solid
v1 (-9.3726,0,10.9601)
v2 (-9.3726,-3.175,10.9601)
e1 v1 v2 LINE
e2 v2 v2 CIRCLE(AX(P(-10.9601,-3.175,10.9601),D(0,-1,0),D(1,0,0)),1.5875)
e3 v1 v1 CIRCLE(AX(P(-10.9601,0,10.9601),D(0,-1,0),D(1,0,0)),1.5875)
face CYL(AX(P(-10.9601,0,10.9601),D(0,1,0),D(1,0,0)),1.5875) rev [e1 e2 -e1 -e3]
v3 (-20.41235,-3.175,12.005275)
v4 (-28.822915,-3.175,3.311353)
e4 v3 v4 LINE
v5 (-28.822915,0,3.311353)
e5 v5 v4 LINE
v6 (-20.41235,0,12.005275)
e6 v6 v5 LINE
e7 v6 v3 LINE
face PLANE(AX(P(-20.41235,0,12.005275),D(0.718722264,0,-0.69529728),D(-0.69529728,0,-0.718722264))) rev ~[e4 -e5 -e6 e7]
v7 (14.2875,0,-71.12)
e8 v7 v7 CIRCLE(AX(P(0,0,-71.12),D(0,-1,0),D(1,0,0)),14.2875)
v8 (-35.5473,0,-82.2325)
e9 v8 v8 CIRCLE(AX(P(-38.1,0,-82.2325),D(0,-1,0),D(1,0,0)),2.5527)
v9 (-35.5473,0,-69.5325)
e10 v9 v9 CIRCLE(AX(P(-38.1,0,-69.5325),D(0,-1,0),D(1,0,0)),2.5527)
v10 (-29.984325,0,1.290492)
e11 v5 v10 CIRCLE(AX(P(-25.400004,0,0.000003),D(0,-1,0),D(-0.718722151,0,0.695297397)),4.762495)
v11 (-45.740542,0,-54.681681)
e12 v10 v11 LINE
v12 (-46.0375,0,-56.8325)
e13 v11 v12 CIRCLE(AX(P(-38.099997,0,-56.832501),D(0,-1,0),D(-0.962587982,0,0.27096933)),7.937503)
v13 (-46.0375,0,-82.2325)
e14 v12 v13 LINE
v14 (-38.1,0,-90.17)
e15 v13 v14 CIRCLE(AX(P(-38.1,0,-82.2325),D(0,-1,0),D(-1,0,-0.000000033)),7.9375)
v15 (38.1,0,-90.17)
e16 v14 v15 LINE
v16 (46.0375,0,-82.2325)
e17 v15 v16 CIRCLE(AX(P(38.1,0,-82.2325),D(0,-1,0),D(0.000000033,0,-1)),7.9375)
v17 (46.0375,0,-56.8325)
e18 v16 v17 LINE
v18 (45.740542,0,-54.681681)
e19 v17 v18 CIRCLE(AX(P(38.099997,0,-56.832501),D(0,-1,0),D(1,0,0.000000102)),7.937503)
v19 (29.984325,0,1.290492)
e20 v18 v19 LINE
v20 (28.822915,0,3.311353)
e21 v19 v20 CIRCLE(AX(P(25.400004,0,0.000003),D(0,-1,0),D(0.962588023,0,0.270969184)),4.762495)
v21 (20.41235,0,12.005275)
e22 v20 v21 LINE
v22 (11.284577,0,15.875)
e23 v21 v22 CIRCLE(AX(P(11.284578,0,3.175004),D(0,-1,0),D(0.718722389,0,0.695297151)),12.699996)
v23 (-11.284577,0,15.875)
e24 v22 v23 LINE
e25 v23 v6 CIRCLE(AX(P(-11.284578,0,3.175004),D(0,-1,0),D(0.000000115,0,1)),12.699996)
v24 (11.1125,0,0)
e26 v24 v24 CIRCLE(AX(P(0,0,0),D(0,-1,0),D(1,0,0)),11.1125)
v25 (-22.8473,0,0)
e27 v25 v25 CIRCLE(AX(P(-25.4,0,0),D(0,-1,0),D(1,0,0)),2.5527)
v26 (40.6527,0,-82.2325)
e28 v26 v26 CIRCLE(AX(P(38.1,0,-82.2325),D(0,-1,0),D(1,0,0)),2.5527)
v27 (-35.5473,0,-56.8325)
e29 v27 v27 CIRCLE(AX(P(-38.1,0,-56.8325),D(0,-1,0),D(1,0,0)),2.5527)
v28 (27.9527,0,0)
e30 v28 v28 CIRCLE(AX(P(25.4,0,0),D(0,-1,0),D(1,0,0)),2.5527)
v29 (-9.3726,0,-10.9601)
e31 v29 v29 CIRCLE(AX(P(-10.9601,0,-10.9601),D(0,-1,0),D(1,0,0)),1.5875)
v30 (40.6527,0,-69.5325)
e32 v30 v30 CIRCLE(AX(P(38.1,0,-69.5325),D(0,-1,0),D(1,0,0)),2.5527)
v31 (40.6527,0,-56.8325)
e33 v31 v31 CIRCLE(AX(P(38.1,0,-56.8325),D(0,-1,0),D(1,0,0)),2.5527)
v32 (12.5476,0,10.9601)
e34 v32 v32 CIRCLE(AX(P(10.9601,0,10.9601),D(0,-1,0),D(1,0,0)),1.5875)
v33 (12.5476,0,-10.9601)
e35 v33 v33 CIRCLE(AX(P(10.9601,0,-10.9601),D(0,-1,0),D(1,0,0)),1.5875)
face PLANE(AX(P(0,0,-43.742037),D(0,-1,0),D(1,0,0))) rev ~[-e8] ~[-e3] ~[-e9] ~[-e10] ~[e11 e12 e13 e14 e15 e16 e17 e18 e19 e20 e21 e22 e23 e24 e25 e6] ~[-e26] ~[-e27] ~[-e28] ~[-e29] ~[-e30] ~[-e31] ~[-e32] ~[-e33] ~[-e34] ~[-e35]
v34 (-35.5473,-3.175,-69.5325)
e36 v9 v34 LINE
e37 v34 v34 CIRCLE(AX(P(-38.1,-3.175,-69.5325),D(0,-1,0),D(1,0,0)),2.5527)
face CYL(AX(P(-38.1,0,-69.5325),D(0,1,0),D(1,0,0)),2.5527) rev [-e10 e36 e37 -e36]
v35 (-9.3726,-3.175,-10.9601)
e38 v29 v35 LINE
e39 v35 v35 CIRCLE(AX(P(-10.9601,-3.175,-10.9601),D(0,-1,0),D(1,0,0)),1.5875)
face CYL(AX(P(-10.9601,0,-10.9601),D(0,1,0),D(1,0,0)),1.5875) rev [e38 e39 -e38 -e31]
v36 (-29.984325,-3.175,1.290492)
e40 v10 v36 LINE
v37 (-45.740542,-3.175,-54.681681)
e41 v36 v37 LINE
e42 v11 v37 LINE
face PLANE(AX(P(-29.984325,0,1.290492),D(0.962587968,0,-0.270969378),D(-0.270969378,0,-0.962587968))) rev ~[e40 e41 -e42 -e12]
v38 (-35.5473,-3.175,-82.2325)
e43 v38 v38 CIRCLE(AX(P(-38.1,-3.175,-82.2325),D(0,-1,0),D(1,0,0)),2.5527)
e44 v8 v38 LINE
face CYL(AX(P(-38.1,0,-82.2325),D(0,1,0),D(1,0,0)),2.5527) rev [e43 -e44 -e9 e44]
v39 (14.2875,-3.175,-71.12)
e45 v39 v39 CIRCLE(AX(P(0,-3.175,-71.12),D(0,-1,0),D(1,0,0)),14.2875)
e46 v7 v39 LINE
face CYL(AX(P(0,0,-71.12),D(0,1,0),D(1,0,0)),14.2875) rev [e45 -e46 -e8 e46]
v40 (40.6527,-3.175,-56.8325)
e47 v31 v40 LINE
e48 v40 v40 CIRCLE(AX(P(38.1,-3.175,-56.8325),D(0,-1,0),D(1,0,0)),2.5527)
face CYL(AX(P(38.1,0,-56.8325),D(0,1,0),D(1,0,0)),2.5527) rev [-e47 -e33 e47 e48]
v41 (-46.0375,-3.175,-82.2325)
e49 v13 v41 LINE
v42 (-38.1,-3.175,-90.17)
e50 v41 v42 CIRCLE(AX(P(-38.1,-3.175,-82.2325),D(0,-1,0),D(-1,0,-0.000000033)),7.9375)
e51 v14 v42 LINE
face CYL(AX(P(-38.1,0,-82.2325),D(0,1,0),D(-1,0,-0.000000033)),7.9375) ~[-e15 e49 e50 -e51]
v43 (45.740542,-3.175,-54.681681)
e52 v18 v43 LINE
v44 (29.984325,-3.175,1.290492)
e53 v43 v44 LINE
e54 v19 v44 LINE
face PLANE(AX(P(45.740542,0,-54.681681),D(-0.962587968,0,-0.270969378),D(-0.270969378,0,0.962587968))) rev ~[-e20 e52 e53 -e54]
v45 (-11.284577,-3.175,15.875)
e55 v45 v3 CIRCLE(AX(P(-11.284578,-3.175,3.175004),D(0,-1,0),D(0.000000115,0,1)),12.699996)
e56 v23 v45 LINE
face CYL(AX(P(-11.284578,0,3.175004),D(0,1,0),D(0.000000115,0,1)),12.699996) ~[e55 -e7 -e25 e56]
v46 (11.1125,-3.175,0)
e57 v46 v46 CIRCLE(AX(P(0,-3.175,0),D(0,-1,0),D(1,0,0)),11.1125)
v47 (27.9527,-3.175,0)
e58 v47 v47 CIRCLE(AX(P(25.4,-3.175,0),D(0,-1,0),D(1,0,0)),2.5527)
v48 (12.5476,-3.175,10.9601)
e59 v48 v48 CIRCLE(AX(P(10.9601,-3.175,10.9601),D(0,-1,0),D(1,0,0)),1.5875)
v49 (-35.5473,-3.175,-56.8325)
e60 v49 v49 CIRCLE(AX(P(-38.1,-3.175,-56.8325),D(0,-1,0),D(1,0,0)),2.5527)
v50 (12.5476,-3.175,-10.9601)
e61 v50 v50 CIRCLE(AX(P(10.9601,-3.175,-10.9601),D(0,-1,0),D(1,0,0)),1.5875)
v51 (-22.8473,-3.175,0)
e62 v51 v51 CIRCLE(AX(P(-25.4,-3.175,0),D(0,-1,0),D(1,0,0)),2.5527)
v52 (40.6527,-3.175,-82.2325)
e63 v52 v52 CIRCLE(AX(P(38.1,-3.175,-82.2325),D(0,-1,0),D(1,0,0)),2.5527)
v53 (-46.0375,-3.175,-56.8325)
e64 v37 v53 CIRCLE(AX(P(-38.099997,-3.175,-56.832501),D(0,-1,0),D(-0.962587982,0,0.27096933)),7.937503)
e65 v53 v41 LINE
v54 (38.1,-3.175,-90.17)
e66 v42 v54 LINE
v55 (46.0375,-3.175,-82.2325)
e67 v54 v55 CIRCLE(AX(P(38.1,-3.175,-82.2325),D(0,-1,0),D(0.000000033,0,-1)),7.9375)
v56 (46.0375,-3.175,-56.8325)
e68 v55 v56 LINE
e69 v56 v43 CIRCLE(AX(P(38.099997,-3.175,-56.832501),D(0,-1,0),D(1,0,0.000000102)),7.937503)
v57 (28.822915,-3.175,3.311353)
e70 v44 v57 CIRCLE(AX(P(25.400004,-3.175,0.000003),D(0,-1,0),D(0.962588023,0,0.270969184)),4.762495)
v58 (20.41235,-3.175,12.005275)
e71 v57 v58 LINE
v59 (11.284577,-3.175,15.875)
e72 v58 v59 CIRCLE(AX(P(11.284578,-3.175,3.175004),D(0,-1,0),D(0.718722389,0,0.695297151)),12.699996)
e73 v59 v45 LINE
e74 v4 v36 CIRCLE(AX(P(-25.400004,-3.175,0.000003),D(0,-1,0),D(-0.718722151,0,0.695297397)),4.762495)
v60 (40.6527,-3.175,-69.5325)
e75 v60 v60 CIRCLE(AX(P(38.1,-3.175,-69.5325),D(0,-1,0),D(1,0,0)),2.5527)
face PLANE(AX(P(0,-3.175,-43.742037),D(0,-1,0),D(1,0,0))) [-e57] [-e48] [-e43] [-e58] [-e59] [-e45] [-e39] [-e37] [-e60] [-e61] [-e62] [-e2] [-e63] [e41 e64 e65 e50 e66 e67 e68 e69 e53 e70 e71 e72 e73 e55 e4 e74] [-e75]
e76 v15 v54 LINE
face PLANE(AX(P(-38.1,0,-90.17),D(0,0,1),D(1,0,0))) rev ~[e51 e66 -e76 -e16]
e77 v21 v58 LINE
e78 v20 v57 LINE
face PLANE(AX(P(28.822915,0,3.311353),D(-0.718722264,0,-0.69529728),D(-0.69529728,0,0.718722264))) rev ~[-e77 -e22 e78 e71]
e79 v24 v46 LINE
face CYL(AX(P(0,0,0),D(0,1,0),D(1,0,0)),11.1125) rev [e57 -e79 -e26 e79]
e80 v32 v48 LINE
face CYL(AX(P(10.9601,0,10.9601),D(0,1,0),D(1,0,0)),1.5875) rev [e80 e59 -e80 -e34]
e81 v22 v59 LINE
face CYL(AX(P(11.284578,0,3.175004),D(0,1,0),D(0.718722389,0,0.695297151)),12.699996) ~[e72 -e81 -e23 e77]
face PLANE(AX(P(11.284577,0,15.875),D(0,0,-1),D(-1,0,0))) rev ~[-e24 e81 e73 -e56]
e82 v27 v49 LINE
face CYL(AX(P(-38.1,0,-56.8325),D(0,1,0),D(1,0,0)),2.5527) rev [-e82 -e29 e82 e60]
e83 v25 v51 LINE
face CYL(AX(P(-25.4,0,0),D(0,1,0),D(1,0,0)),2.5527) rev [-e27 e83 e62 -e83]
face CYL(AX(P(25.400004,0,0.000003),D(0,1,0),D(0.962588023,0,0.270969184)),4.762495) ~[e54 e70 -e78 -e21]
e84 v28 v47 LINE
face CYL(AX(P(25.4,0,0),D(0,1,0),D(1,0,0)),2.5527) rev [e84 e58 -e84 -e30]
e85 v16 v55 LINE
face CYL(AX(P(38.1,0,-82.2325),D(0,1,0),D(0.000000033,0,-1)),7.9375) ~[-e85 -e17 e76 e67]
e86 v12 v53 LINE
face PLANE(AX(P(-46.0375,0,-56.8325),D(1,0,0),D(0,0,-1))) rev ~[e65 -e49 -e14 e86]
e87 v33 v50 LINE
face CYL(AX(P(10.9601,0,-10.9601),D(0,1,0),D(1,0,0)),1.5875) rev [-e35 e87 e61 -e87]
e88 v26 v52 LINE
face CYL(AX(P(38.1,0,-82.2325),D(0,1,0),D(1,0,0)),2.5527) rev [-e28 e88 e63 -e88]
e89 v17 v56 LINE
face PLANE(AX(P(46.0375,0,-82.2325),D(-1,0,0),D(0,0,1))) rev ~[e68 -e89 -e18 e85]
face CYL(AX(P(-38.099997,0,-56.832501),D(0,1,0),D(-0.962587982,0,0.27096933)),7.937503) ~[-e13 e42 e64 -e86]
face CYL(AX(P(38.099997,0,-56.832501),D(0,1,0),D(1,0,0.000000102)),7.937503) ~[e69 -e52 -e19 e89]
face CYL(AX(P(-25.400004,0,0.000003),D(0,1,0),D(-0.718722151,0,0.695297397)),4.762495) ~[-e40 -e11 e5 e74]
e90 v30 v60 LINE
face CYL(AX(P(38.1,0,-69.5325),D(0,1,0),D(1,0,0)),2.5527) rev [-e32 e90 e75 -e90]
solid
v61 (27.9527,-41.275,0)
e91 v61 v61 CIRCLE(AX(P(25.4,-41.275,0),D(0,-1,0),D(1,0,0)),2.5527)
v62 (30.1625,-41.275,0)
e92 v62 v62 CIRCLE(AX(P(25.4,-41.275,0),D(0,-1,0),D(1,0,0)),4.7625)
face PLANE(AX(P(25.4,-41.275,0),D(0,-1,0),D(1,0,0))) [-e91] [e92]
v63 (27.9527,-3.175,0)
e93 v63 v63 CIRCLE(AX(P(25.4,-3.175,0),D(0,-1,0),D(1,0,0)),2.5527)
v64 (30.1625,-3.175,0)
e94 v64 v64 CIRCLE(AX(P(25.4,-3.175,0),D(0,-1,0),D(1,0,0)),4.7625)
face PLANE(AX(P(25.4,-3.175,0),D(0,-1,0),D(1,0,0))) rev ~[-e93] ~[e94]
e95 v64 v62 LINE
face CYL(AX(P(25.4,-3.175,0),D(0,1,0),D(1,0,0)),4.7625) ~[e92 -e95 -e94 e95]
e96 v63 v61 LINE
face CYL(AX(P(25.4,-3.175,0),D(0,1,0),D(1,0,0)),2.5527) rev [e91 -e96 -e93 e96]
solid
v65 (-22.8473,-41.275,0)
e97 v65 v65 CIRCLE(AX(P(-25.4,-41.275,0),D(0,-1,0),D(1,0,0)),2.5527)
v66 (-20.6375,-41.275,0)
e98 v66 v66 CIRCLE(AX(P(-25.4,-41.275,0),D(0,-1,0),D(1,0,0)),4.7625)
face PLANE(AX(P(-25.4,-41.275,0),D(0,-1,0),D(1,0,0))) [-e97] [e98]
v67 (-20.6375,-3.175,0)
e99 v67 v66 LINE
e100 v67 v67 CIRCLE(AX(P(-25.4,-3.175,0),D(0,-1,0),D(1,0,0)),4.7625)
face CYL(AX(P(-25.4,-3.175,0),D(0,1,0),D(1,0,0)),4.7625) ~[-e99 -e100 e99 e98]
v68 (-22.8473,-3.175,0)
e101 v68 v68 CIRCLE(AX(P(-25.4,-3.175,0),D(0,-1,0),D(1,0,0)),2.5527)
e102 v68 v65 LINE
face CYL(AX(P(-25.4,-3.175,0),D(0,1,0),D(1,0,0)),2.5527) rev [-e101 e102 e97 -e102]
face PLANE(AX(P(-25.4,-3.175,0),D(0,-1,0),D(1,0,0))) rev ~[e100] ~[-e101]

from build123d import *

# Parameters (mm, degrees)
F0_R     = 2.5527
F0_R_2   = 14.2875
F0_R_3   = 1.5875
F0_R_4   = 11.1125
F1_DEPTH = 3.175
F2_R     = 4.7625
F2_R_2   = 2.5527
F3_DEPTH = 38.1


with BuildPart() as f1:
    # F0 (on Front) → F1 (new body)
    with BuildSketch(Plane.XZ):
        with BuildLine():
            Line((-20.41235, 12.005275), (-28.822915, 3.311353))
            ThreePointArc((-28.822915, 3.311353), (-29.529158, 2.37307), (-29.984325, 1.290492))
            Line((-29.984325, 1.290492), (-45.740542, -54.681681))
            ThreePointArc((-45.740542, -54.681681), (-45.96291, -55.746889), (-46.0375, -56.8325))
            Line((-46.0375, -56.8325), (-46.0375, -82.2325))
            ThreePointArc((-46.0375, -82.2325), (-43.71266, -87.84516), (-38.1, -90.17))
            Line((-38.1, -90.17), (38.1, -90.17))
            ThreePointArc((38.1, -90.17), (43.71266, -87.84516), (46.0375, -82.2325))
            Line((46.0375, -82.2325), (46.0375, -56.8325))
            ThreePointArc((46.0375, -56.8325), (45.96291, -55.746889), (45.740542, -54.681681))
            Line((45.740542, -54.681681), (29.984325, 1.290492))
            ThreePointArc((29.984325, 1.290492), (29.529158, 2.37307), (28.822915, 3.311353))
            Line((28.822915, 3.311353), (20.41235, 12.005275))
            ThreePointArc((20.41235, 12.005275), (16.241669, 14.867615), (11.284577, 15.875))
            Line((11.284577, 15.875), (-11.284577, 15.875))
            ThreePointArc((-11.284577, 15.875), (-16.241669, 14.867615), (-20.41235, 12.005275))
        make_face()
        with Locations((-38.1, -82.2325)):
            Circle(F0_R, mode=Mode.SUBTRACT)
        with Locations((-38.1, -69.5325)):
            Circle(F0_R, mode=Mode.SUBTRACT)
        with Locations((-38.1, -56.8325)):
            Circle(F0_R, mode=Mode.SUBTRACT)
        with Locations((0, -71.12)):
            Circle(F0_R_2, mode=Mode.SUBTRACT)
        with Locations((38.1, -82.2325)):
            Circle(F0_R, mode=Mode.SUBTRACT)
        with Locations((38.1, -69.5325)):
            Circle(F0_R, mode=Mode.SUBTRACT)
        with Locations((38.1, -56.8325)):
            Circle(F0_R, mode=Mode.SUBTRACT)
        with Locations((-10.9601, -10.9601)):
            Circle(F0_R_3, mode=Mode.SUBTRACT)
        with Locations((-25.4, 0)):
            Circle(F0_R, mode=Mode.SUBTRACT)
        with Locations((-10.9601, 10.9601)):
            Circle(F0_R_3, mode=Mode.SUBTRACT)
        with Locations((10.9601, -10.9601)):
            Circle(F0_R_3, mode=Mode.SUBTRACT)
        Circle(F0_R_4, mode=Mode.SUBTRACT)
        with Locations((10.9601, 10.9601)):
            Circle(F0_R_3, mode=Mode.SUBTRACT)
        with Locations((25.4, 0)):
            Circle(F0_R, mode=Mode.SUBTRACT)
    extrude(amount=F1_DEPTH)


with BuildPart() as f3:
    # F2 (on face) → F3 (new body)
    with BuildSketch(Plane.XZ.offset(3.175)):
        with Locations((-25.4, 0)):
            Circle(F2_R)
        with Locations((-25.4, 0)):
            Circle(F2_R_2, mode=Mode.SUBTRACT)
        with Locations((25.4, 0)):
            Circle(F2_R)
        with Locations((25.4, 0)):
            Circle(F2_R_2, mode=Mode.SUBTRACT)
    extrude(amount=F3_DEPTH)


solid = Compound([f1.part, f3.part])
